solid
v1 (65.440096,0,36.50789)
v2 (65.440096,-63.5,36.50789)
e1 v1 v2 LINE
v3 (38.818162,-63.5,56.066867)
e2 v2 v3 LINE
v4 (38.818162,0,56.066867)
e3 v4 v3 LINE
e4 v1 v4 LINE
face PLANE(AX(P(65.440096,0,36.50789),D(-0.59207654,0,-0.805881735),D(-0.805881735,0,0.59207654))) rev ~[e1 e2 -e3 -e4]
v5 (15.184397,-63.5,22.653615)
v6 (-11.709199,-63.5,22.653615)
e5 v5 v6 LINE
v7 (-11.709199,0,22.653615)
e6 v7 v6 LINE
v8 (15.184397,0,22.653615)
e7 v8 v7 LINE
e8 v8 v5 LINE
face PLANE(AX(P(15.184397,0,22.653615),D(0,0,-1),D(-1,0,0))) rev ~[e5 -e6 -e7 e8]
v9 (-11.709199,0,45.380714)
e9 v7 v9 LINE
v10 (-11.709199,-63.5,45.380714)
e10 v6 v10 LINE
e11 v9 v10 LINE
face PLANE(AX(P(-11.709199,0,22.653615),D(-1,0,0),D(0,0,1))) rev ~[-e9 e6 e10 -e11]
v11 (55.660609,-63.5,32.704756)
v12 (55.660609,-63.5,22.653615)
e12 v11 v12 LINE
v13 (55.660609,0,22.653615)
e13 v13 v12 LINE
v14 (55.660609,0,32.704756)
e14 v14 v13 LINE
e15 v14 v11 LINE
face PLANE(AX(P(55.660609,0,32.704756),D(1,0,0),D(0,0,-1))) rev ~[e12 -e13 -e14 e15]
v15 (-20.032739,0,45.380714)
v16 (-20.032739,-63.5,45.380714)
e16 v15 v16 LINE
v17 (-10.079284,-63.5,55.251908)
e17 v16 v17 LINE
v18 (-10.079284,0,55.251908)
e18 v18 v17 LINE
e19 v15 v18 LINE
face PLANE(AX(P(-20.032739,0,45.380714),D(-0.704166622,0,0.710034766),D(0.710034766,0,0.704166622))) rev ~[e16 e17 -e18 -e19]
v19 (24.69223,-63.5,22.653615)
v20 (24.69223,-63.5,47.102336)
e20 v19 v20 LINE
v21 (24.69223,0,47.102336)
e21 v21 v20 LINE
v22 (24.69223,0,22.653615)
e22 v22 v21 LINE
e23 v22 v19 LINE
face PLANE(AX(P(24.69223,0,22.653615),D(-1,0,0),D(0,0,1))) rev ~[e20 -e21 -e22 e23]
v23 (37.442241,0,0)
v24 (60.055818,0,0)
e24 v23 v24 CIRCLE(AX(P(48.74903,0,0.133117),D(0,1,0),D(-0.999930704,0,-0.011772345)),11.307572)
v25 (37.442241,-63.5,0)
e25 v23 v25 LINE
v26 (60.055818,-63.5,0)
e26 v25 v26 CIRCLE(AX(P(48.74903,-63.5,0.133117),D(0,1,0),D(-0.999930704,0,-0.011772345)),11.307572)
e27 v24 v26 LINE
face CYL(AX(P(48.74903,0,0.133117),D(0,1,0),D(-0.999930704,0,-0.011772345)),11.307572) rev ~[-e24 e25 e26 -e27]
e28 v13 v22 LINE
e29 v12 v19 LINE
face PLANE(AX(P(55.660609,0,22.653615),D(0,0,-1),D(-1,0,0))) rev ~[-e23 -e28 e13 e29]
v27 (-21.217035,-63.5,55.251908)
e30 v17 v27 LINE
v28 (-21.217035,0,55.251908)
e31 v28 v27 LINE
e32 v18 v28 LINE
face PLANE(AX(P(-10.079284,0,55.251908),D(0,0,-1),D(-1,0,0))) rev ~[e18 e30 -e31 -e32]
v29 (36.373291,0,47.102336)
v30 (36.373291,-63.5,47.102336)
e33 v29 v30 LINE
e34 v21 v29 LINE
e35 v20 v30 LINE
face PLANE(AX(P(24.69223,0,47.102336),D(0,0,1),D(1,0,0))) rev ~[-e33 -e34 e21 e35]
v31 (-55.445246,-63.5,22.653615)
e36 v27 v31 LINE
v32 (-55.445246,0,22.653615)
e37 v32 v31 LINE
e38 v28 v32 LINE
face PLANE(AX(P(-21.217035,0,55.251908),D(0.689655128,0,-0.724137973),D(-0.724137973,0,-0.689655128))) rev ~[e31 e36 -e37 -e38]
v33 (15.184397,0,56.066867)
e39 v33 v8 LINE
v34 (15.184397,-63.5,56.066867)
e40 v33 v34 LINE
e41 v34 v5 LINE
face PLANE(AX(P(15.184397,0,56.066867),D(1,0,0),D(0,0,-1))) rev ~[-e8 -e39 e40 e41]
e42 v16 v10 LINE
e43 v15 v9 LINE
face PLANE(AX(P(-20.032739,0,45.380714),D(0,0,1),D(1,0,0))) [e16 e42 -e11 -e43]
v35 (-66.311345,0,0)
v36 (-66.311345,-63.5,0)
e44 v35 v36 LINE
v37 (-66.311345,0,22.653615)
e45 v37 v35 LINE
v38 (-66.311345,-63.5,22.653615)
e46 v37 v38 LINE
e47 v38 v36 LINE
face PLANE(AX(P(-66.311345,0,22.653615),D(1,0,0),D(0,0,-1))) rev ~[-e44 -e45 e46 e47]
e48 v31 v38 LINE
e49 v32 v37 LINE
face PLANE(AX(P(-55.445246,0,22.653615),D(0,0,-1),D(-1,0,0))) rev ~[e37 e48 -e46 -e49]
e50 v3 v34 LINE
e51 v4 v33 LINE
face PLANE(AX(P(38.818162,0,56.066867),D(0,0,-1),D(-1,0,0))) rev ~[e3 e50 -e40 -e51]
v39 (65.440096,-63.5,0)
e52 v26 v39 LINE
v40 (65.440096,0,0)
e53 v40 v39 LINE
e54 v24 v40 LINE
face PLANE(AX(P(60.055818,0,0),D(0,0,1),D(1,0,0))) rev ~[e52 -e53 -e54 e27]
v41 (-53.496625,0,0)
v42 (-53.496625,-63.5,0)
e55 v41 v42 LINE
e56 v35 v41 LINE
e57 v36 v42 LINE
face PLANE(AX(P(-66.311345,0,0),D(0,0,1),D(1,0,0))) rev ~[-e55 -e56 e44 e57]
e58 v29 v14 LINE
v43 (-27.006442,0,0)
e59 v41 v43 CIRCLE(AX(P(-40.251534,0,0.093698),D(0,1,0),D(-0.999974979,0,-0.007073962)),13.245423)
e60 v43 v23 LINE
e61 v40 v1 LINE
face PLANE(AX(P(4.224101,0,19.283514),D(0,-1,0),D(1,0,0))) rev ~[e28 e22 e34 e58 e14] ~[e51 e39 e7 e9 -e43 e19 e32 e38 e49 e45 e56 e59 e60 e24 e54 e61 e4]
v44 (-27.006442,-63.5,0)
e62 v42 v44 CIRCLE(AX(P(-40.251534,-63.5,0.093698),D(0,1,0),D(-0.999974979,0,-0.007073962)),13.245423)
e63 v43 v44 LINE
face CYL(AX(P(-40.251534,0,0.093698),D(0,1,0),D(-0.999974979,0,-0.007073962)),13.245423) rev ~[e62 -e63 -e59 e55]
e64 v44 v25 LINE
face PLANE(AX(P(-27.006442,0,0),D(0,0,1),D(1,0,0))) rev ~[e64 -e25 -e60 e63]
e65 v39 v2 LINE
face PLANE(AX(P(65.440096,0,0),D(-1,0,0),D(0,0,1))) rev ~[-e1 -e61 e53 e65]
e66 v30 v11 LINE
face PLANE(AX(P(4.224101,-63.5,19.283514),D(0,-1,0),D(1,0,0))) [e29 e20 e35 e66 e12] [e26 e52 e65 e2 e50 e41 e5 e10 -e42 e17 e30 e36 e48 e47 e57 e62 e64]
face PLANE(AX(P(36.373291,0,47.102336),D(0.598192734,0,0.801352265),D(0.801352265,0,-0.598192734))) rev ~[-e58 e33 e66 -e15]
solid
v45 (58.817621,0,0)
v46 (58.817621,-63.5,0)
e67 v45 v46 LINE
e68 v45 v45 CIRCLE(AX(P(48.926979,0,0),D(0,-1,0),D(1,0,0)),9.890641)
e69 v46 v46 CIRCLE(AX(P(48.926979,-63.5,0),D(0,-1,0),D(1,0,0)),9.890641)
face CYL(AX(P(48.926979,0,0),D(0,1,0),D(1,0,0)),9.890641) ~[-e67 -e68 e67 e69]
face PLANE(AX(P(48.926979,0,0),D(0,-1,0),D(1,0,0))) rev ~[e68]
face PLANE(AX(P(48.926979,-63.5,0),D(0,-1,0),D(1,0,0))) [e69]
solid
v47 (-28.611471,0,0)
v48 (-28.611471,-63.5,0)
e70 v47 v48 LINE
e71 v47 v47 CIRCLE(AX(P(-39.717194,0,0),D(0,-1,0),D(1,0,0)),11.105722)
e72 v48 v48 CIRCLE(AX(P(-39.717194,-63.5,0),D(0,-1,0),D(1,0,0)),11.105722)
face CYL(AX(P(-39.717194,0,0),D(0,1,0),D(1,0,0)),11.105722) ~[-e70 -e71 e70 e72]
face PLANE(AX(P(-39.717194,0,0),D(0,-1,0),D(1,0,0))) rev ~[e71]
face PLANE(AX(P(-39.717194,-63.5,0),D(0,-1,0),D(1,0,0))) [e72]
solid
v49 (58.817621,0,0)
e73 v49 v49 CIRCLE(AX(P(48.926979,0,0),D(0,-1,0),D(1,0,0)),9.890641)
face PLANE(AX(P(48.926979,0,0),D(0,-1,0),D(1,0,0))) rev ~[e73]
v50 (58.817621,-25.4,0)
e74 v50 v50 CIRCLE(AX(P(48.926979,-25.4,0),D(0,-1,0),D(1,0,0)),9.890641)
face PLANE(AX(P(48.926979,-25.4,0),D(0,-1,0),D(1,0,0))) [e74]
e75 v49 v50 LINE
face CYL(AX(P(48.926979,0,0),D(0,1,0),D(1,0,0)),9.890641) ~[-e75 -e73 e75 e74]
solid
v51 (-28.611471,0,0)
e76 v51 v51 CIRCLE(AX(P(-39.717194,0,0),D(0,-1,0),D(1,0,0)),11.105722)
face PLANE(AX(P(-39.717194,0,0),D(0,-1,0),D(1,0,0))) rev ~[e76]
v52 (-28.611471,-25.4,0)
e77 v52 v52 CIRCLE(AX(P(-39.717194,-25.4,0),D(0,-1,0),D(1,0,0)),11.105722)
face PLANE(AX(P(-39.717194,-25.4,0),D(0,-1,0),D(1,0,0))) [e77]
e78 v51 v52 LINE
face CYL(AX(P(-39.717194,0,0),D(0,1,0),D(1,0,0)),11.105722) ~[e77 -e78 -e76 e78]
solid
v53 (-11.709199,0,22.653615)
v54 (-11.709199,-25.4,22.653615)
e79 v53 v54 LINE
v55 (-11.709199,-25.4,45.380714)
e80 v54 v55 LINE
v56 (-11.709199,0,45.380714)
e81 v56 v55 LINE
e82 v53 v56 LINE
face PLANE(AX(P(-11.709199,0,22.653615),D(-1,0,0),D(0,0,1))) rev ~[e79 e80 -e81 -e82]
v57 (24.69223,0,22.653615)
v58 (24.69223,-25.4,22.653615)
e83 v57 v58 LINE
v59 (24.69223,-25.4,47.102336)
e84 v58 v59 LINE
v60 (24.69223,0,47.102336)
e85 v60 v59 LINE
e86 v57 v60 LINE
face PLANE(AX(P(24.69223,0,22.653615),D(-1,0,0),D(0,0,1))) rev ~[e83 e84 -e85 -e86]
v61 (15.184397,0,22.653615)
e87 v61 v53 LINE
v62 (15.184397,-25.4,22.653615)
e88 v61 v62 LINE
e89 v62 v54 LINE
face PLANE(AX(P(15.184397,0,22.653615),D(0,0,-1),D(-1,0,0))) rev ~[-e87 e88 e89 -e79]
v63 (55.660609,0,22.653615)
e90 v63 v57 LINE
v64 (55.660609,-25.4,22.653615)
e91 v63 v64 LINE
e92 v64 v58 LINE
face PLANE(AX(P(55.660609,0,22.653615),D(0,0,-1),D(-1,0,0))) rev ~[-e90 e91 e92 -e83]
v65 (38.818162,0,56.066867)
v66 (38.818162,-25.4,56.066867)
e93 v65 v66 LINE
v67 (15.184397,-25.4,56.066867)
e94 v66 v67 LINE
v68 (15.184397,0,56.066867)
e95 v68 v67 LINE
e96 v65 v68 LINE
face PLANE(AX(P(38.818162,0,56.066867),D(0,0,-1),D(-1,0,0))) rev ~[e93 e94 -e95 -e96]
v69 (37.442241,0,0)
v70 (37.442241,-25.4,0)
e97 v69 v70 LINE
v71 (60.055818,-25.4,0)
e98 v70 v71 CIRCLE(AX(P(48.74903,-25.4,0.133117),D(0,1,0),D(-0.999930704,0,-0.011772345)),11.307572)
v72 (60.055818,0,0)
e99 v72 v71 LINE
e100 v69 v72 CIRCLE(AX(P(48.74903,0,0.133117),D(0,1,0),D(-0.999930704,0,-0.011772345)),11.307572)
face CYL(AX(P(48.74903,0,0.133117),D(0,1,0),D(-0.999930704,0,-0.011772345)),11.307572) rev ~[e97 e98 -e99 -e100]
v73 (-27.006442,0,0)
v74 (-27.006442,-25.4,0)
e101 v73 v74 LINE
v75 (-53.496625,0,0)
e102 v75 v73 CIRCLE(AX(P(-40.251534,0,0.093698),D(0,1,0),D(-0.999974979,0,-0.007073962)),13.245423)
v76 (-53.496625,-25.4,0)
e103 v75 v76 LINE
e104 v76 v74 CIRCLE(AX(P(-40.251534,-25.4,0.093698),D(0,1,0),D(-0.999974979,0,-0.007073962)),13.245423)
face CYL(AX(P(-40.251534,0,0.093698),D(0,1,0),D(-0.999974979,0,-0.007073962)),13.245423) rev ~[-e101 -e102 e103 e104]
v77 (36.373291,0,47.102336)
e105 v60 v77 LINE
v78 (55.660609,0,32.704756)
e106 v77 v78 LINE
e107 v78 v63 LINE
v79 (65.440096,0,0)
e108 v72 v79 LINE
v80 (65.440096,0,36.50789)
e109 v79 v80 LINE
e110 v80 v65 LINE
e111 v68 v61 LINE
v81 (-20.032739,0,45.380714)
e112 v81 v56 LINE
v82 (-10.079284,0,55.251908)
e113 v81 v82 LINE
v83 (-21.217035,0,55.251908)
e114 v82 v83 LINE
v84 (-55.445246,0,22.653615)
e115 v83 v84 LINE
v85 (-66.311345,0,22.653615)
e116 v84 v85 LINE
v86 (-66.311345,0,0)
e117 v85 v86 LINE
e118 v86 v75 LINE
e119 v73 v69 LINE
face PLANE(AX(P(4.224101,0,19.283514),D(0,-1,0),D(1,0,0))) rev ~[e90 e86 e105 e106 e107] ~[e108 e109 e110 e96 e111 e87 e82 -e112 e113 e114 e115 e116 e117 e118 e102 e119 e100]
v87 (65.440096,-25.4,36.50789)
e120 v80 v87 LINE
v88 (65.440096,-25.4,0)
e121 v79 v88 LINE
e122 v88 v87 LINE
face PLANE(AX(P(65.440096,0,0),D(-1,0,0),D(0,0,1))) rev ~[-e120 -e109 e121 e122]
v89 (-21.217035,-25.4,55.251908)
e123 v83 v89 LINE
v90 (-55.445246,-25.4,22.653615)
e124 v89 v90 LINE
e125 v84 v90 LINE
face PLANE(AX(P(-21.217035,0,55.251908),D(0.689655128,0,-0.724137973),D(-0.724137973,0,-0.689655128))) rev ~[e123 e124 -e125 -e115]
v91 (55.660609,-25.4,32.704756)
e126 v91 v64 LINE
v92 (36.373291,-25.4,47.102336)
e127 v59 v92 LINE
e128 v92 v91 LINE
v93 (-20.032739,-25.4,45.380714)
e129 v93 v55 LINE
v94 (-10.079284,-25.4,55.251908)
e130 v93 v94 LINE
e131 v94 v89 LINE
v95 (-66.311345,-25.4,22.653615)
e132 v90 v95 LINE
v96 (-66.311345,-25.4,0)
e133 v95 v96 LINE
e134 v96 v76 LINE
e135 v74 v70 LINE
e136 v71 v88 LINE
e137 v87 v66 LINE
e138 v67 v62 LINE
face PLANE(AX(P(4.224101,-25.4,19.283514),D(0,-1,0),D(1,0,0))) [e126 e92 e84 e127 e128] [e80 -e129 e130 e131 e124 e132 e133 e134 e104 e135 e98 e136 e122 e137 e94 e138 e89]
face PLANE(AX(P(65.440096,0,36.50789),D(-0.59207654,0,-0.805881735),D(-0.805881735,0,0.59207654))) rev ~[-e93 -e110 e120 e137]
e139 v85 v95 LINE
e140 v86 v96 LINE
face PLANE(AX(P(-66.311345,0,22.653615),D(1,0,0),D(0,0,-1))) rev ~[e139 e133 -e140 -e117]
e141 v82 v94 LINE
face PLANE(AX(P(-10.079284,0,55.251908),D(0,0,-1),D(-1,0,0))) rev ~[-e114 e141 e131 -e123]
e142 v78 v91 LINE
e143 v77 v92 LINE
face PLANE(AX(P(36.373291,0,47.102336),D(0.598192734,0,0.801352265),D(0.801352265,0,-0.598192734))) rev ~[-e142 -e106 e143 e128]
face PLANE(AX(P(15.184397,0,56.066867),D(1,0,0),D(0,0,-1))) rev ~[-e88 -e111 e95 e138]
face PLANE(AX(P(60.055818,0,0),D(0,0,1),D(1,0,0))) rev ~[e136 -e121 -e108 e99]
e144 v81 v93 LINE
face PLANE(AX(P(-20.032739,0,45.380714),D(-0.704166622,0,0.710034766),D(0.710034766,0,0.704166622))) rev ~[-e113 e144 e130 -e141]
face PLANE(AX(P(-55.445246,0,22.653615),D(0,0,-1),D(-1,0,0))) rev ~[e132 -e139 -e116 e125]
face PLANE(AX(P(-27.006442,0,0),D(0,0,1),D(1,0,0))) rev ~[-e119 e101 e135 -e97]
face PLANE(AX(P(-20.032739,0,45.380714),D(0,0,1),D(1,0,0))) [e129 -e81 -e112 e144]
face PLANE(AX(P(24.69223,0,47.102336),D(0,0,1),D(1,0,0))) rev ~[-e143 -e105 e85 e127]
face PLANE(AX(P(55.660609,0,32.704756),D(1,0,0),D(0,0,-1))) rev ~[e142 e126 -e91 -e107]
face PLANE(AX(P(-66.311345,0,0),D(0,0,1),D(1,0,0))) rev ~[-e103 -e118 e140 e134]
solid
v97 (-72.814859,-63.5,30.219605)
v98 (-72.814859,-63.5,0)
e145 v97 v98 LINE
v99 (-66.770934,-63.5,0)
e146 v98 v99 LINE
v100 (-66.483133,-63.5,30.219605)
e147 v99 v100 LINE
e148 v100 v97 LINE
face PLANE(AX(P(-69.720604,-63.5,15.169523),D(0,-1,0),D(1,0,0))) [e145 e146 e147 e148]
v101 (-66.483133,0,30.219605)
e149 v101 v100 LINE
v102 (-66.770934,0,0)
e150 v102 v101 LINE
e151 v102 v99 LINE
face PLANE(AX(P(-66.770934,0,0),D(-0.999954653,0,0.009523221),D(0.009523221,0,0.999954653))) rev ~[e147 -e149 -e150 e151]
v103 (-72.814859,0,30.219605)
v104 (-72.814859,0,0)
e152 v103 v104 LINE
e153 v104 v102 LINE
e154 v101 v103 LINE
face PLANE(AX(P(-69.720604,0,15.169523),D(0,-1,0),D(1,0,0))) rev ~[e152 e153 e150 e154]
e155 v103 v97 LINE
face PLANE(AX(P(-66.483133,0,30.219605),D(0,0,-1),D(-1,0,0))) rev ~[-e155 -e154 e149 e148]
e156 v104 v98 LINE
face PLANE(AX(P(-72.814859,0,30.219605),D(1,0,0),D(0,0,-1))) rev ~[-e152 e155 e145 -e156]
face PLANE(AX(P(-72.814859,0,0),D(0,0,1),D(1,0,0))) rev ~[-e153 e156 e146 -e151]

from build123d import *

# Parameters (mm, degrees)
F0_R     = 11.1057222809
F1_DEPTH = 25.4
F0_R_2   = 9.8906413659
F0_W     = 8.3235400517
F0_H     = 22.7270985101
F2_DEPTH = 63.5
F4_DEPTH = 63.5


with BuildPart() as f1:
    # F0 (on Front) → F1 (new body)
    with BuildSketch(Plane.XZ):
        with Locations((-39.7171936929, 0)):
            Circle(F0_R)
    extrude(amount=F1_DEPTH)


with BuildPart() as f1b:
    # F0 (on Front) → F1, piece 2 (new body)
    with BuildSketch(Plane.XZ):
        with Locations((48.9269793034, 0)):
            Circle(F0_R_2)
    extrude(amount=F1_DEPTH)


with BuildPart() as f1c:
    # F0 (on Front) → F1, piece 3 (new body)
    with BuildSketch(Plane.XZ):
        with BuildLine():
            ThreePointArc((-53.4966252744, 0), (-40.2515335009, 13.3391208014), (-27.0064417273, 0))
            Line((-27.0064417273, 0), (37.442240864, 0))
            ThreePointArc((37.442240864, 0), (48.7490296364, 11.4406889954), (60.0558184087, 0))
            Line((60.0558184087, 0), (65.4400959611, 0))
            Line((65.4400959611, 0), (65.4400959611, 36.5078896284))
            Line((65.4400959611, 36.5078896284), (38.8181619346, 56.0668669641))
            Line((38.8181619346, 56.0668669641), (15.1843968779, 56.0668669641))
            Line((15.1843968779, 56.0668669641), (15.1843968779, 22.6536151022))
            Line((15.1843968779, 22.6536151022), (-11.709199287, 22.6536151022))
            Line((-11.709199287, 22.6536151022), (-20.0327393387, 22.6536151022))
            Line((-20.0327393387, 22.6536151022), (-42.9492332041, 22.6536151022))
            Line((-42.9492332041, 22.6536151022), (-55.4452463984, 22.6536151022))
            Line((-55.4452463984, 22.6536151022), (-66.3113445044, 22.6536151022))
            Line((-66.3113445044, 22.6536151022), (-66.3113445044, 0))
            Line((-66.3113445044, 0), (-53.4966252744, 0))
        make_face()
        Polygon((55.6606091559, 22.6536151022), (24.6922299266, 22.6536151022), (24.6922299266, 47.1023358405), (36.3732911646, 47.1023358405), (55.6606091559, 32.7047556639), align=None, mode=Mode.SUBTRACT)
        Polygon((-21.2170351297, 55.2519075572), (-55.4452463984, 22.6536151022), (-42.9492332041, 22.6536151022), (-20.0327393387, 45.3807136122), (-10.0792841986, 55.2519075572), align=None)
        Polygon((-20.0327393387, 45.3807136122), (-42.9492332041, 22.6536151022), (-20.0327393387, 22.6536151022), align=None)
        with Locations((-15.8709693129, 34.0171643572)):
            Rectangle(F0_W, F0_H)
    extrude(amount=F1_DEPTH)


with BuildPart() as f2:
    # F0 (on Front) → F2 (new body)
    with BuildSketch(Plane.XZ):
        with Locations((-39.7171936929, 0)):
            Circle(F0_R)
    extrude(amount=F2_DEPTH)


with BuildPart() as f2b:
    # F0 (on Front) → F2, piece 2 (new body)
    with BuildSketch(Plane.XZ):
        with Locations((48.9269793034, 0)):
            Circle(F0_R_2)
    extrude(amount=F2_DEPTH)


with BuildPart() as f2c:
    # F0 (on Front) → F2, piece 3 (new body)
    with BuildSketch(Plane.XZ):
        with BuildLine():
            ThreePointArc((-53.4966252744, 0), (-40.2515335009, 13.3391208014), (-27.0064417273, 0))
            Line((-27.0064417273, 0), (37.442240864, 0))
            ThreePointArc((37.442240864, 0), (48.7490296364, 11.4406889954), (60.0558184087, 0))
            Line((60.0558184087, 0), (65.4400959611, 0))
            Line((65.4400959611, 0), (65.4400959611, 36.5078896284))
            Line((65.4400959611, 36.5078896284), (38.8181619346, 56.0668669641))
            Line((38.8181619346, 56.0668669641), (15.1843968779, 56.0668669641))
            Line((15.1843968779, 56.0668669641), (15.1843968779, 22.6536151022))
            Line((15.1843968779, 22.6536151022), (-11.709199287, 22.6536151022))
            Line((-11.709199287, 22.6536151022), (-20.0327393387, 22.6536151022))
            Line((-20.0327393387, 22.6536151022), (-42.9492332041, 22.6536151022))
            Line((-42.9492332041, 22.6536151022), (-55.4452463984, 22.6536151022))
            Line((-55.4452463984, 22.6536151022), (-66.3113445044, 22.6536151022))
            Line((-66.3113445044, 22.6536151022), (-66.3113445044, 0))
            Line((-66.3113445044, 0), (-53.4966252744, 0))
        make_face()
        Polygon((55.6606091559, 22.6536151022), (24.6922299266, 22.6536151022), (24.6922299266, 47.1023358405), (36.3732911646, 47.1023358405), (55.6606091559, 32.7047556639), align=None, mode=Mode.SUBTRACT)
        Polygon((-21.2170351297, 55.2519075572), (-55.4452463984, 22.6536151022), (-42.9492332041, 22.6536151022), (-20.0327393387, 45.3807136122), (-10.0792841986, 55.2519075572), align=None)
        Polygon((-20.0327393387, 45.3807136122), (-42.9492332041, 22.6536151022), (-20.0327393387, 22.6536151022), align=None)
        with Locations((-15.8709693129, 34.0171643572)):
            Rectangle(F0_W, F0_H)
    extrude(amount=F2_DEPTH)


with BuildPart() as f4:
    # F3 (on Front) → F4 (new body)
    with BuildSketch(Plane.XZ):
        Polygon((-72.8148594499, 0), (-66.7709335685, 0), (-66.4831325412, 30.2196051925), (-72.8148594499, 30.2196051925), align=None)
    extrude(amount=F4_DEPTH)


solid = Compound([f1.part, f1b.part, f1c.part, f2.part, f2b.part, f2c.part, f4.part])
